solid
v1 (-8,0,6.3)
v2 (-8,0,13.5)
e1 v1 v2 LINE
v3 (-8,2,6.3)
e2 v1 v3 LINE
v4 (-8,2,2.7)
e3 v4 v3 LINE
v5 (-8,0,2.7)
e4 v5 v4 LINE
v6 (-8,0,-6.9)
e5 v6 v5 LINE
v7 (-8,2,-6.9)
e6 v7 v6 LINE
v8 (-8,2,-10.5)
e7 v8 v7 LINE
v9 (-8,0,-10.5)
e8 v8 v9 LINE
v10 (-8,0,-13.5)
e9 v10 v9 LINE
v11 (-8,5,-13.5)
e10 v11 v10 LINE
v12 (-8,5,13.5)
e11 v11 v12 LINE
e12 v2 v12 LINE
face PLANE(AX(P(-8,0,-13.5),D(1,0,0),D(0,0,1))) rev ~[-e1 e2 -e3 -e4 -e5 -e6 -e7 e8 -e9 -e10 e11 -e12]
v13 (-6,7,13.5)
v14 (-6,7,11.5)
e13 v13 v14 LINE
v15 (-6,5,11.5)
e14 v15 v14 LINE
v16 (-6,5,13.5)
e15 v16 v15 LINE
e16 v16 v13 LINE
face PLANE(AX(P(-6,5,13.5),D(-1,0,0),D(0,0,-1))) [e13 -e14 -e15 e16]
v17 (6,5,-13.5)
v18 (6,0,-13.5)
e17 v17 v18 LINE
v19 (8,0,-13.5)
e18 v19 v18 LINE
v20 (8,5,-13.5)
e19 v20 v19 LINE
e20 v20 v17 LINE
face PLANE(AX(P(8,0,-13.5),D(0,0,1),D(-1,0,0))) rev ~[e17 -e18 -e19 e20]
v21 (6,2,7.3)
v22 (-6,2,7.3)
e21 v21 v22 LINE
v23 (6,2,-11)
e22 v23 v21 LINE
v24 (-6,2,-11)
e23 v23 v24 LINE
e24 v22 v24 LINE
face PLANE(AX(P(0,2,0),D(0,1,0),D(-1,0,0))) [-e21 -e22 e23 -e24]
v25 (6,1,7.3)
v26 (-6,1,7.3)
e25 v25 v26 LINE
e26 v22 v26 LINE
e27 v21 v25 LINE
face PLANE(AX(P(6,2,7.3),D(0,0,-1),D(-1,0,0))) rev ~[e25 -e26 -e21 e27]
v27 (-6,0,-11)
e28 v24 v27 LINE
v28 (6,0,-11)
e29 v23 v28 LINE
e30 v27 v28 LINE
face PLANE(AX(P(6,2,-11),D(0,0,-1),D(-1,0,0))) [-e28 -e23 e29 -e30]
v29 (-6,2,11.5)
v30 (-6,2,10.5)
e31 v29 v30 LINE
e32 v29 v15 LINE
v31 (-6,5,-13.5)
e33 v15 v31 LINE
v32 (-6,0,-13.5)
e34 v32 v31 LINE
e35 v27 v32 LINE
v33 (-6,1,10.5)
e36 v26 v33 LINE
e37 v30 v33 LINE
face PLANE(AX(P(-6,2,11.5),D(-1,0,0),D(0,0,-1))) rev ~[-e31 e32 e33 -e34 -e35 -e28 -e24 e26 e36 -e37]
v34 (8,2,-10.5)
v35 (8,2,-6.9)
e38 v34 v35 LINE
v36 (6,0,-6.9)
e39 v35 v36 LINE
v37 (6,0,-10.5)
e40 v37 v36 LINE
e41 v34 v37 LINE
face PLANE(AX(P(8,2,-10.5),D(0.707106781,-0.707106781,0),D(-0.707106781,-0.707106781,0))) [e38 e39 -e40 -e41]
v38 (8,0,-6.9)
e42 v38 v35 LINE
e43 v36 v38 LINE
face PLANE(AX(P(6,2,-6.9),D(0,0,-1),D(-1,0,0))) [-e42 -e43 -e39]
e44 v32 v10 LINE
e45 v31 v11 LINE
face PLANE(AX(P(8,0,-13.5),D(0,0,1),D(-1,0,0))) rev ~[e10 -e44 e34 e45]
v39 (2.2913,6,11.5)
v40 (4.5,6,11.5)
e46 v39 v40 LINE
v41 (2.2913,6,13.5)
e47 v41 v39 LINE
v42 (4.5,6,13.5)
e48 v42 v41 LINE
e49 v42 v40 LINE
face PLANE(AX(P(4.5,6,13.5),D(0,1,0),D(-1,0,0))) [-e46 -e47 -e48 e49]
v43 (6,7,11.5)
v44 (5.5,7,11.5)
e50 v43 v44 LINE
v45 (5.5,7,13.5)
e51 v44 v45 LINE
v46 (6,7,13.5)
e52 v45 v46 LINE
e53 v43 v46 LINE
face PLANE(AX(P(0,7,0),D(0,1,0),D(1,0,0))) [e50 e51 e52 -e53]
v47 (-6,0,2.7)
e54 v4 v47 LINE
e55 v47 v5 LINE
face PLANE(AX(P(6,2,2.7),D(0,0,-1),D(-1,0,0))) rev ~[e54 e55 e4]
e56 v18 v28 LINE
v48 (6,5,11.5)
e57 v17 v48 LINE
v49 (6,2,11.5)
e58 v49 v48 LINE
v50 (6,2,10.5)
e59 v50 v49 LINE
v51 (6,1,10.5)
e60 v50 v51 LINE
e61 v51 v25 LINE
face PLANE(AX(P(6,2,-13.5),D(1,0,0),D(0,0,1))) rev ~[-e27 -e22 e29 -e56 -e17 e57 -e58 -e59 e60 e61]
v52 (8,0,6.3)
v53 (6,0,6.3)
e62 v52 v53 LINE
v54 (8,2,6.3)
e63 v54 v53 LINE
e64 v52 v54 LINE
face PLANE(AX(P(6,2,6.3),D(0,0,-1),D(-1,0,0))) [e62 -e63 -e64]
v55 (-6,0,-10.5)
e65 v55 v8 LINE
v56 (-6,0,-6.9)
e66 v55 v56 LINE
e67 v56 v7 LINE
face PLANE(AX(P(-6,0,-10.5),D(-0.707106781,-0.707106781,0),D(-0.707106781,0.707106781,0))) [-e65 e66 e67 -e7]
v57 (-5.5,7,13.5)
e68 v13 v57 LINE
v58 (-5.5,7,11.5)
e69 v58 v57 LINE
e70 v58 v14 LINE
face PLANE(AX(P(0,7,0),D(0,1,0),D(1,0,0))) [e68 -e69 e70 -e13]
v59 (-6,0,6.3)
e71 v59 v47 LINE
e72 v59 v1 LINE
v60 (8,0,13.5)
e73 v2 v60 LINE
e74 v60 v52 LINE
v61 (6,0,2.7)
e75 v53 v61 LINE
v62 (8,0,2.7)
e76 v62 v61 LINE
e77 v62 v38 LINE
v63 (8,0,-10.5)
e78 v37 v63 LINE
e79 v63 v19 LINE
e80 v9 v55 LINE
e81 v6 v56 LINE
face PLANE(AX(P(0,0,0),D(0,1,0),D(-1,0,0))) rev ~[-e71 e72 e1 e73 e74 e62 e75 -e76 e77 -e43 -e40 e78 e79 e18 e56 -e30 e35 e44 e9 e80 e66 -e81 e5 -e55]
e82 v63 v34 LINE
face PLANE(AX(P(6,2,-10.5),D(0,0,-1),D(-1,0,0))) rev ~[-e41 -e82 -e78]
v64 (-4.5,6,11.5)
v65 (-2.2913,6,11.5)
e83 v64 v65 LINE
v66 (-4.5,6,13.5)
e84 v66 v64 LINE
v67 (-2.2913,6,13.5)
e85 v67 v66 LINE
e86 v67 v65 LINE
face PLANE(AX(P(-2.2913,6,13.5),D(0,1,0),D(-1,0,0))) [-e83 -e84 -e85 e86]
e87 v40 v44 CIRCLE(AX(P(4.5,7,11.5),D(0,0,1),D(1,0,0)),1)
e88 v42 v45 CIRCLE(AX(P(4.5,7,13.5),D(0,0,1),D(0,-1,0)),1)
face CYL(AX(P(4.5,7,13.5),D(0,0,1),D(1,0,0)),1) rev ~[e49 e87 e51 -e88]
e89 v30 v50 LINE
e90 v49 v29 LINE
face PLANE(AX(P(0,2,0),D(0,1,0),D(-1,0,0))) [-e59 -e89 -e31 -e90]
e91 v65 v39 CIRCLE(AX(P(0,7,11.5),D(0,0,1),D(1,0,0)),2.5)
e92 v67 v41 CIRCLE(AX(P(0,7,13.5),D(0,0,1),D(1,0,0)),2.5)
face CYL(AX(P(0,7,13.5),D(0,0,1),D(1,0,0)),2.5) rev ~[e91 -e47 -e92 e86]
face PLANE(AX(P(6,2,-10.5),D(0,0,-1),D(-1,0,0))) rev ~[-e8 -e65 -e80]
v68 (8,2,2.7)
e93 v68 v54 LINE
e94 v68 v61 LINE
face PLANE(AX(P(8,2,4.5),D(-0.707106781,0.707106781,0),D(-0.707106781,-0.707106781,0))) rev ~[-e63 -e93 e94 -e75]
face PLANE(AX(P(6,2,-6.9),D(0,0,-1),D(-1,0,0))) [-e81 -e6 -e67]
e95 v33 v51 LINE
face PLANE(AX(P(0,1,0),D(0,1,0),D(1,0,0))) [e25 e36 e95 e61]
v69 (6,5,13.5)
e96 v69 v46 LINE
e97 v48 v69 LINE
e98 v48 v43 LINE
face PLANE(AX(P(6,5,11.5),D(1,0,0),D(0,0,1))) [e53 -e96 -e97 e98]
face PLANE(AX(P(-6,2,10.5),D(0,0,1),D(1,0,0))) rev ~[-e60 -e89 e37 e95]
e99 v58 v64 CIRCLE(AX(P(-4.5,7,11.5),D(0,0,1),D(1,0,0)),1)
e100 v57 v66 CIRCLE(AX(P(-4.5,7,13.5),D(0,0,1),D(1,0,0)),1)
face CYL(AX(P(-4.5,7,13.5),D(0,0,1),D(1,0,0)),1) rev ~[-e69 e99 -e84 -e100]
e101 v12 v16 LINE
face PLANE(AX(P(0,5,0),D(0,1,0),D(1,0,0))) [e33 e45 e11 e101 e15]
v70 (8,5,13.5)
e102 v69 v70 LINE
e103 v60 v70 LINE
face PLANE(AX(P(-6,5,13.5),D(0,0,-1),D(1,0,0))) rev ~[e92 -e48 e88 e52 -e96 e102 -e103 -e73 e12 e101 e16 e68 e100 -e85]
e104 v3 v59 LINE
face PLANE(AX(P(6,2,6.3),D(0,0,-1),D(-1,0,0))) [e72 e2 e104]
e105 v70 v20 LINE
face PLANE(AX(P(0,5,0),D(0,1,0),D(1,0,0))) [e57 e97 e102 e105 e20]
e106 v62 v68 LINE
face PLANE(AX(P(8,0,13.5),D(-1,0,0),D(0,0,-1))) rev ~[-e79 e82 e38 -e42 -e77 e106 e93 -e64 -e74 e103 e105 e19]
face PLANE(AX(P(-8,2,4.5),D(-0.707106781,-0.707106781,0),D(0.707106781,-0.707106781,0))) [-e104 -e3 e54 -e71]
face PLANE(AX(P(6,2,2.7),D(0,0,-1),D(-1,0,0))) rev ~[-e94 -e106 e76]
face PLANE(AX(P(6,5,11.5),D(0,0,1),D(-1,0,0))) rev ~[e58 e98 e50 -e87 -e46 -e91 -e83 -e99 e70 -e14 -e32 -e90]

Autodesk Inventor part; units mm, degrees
ref_plane "YZ Plane" through (0, 0, 0) normal (1, 0, 0) x (0, 1, 0)
sketch "Sketch1" plane through (0, 0, 0) normal (0, 1, 0) x (-1, 0, 0)
  line L0 (8, 13.5) -> (-8, 13.5)
  line L1 (-8, 13.5) -> (-8, -13.5)
  line L2 (-8, -13.5) -> (8, -13.5)
  line L3 (8, -13.5) -> (8, 13.5)
  line L4 (8, 13.5) -> (-8, -13.5) construction
  line L5 (-8, 13.5) -> (8, -13.5) construction
  point P0 (0, 0)
  dimension "d0" = 16
  dimension "d1" = 27
extrude "Extrusion1" add sketch "Sketch1" along normal blind 2
sketch "Sketch2" plane through (0, 2, 0) normal (0, 1, 0) x (1, 0, 0)
  line L0 (8, 13.5) -> (-8, 13.5) projected
  line L1 (-6, 13.5) -> (6, 13.5)
  line L2 (6, 13.5) -> (6, -11.5)
  line L3 (6, -11.5) -> (-6, -11.5)
  line L4 (-6, -11.5) -> (-6, 13.5)
  line L5 (8, -13.5) -> (8, 13.5) projected
  line L6 (-8, 13.5) -> (-8, -13.5) projected
  line L7 (-8, -13.5) -> (8, -13.5) projected
  point P0 (0, 0)
  dimension "d4" = 2
  dimension "d5" = 2
  dimension "d6" = 2
extrude "Extrusion2" add sketch "Sketch2" along normal blind 3 contours L5 L7 L6 L0 L4 L3 L2
sketch "Sketch4" plane through (0, 5, 0) normal (0, 1, 0) x (1, 0, 0)
  line L0 (6, -11.5) -> (-6, -11.5) projected
  line L1 (-8, -13.5) -> (8, -13.5) projected
  line L2 (-6, -11.5) -> (6, -11.5)
  line L3 (6, -11.5) -> (6, -13.5)
  line L4 (6, -13.5) -> (-6, -13.5)
  line L5 (-6, -13.5) -> (-6, -11.5)
  line L6 (6, 13.5) -> (6, -11.5) projected
  point P0 (0, 0)
extrude "Extrusion3" add sketch "Sketch4" along normal blind 2
sketch "Sketch3" plane through (-8, 0, 13.5) normal (0, 0, 1) x (1, 0, 0)
  line L0 (14, 2) -> (2, 2) construction
  line L1 (2, 2) -> (14, 2) construction
  circle A0 centre (8, 7) radius 2.5
  line L2 (8, 11.4) -> (8, -1.9) construction
  line L3 (3.5, 7) -> (12.5, 7) construction
  circle A1 centre (3.5, 7) radius 1
  circle A2 centre (12.5, 7) radius 1
  line L4 (3.5, 8) -> (5.7087, 8)
  line L5 (12.5, 8) -> (10.2913, 8)
  line L6 (12.5, 6) -> (10.2913, 6)
  line L7 (5.7087, 6) -> (3.5, 6)
  point P0 (8, 0)
  dimension "d9" = 5
  dimension "d10" = 5
  dimension "d11" = 9
  dimension "d12" = 2
  dimension "d13" = 2
extrude "Extrusion4" cut sketch "Sketch3" against normal up to next
ref_plane "Work Plane1" through (6, 2, 4.5) normal (0, 0, -1) x (-1, 0, 0)
ref_plane "Work Plane2" through (6, 2, -10.5) normal (0, 0, -1) x (-1, 0, 0)
sketch "Sketch6" plane through (6, 2, 4.5) normal (0, 0, -1) x (-1, 0, 0)
  line L0 (-2, -2) -> (-2, 0)
  line L1 (-2, -2) -> (-2, 3) projected
  line L2 (-2, 0) -> (0, -2)
  line L3 (-2, -2) -> (14, -2) projected
  line L4 (0, -2) -> (-2, -2)
  line L5 (6, -3.4) -> (6, 6.4) construction
  line L6 (14, -2) -> (14, 0)
  line L7 (14, 0) -> (12, -2)
  line L8 (12, -2) -> (14, -2)
  point P0 (6, -2)
  dimension "d22" = 2
  dimension "d23" = 45
extrude "Extrusion5" cut sketch "Sketch6" along normal mid plane 3.6
sketch "Sketch7" plane through (6, 2, -10.5) normal (0, 0, -1) x (-1, 0, 0)
  line L0 (-2, 0) -> (0, -2) projected
  line L1 (-2, -2) -> (-2, 0) projected
  line L2 (0, -2) -> (-2, -2) projected
  line L3 (12, -2) -> (14, 0) projected
  line L4 (14, -2) -> (12, -2) projected
  line L5 (14, 0) -> (14, -2) projected
  point P0 (6, -2)
extrude "Extrusion6" cut sketch "Sketch7" against normal blind 3.6
sketch "Sketch8" plane through (0, 2, 0) normal (0, 1, 0) x (1, 0, 0)
  line L0 (-6, 13.5) -> (-6, -11.5) projected
  line L1 (6, -11.5) -> (6, 13.5) projected
  line L2 (-6, 13.5) -> (6, 13.5)
  line L3 (6, 13.5) -> (6, 11)
  line L4 (6, 11) -> (-6, 11)
  line L5 (-6, 11) -> (-6, 13.5)
  line L6 (-2.2913, -11.5) -> (2.2913, -11.5) projected
  point P0 (0, 0)
  point P1 (6, 13.5)
  point P2 (-6, 11)
  dimension "d28" = 22.5
extrude "Extrusion7" cut sketch "Sketch8" against normal up to next
sketch "Sketch9" plane through (0, 2, 0) normal (0, 1, 0) x (1, 0, 0)
  line L0 (-6, 11) -> (-6, -11.5) projected
  line L1 (6, -11.5) -> (6, 11) projected
  line L2 (-6, -10.5) -> (6, -10.5)
  line L3 (6, -10.5) -> (6, -7.3)
  line L4 (6, -7.3) -> (-6, -7.3)
  line L5 (-6, -7.3) -> (-6, -10.5)
  line L6 (-2.2913, -11.5) -> (2.2913, -11.5) projected
  point P0 (0, 0)
  point P1 (6, -10.5)
  dimension "d31" = 1
  dimension "d32" = 3.2
extrude "Extrusion8" cut sketch "Sketch9" against normal blind 1
equation "\"d5\" = d4"
equation "\"d6\" = d4"
properties part number "motor_top"
